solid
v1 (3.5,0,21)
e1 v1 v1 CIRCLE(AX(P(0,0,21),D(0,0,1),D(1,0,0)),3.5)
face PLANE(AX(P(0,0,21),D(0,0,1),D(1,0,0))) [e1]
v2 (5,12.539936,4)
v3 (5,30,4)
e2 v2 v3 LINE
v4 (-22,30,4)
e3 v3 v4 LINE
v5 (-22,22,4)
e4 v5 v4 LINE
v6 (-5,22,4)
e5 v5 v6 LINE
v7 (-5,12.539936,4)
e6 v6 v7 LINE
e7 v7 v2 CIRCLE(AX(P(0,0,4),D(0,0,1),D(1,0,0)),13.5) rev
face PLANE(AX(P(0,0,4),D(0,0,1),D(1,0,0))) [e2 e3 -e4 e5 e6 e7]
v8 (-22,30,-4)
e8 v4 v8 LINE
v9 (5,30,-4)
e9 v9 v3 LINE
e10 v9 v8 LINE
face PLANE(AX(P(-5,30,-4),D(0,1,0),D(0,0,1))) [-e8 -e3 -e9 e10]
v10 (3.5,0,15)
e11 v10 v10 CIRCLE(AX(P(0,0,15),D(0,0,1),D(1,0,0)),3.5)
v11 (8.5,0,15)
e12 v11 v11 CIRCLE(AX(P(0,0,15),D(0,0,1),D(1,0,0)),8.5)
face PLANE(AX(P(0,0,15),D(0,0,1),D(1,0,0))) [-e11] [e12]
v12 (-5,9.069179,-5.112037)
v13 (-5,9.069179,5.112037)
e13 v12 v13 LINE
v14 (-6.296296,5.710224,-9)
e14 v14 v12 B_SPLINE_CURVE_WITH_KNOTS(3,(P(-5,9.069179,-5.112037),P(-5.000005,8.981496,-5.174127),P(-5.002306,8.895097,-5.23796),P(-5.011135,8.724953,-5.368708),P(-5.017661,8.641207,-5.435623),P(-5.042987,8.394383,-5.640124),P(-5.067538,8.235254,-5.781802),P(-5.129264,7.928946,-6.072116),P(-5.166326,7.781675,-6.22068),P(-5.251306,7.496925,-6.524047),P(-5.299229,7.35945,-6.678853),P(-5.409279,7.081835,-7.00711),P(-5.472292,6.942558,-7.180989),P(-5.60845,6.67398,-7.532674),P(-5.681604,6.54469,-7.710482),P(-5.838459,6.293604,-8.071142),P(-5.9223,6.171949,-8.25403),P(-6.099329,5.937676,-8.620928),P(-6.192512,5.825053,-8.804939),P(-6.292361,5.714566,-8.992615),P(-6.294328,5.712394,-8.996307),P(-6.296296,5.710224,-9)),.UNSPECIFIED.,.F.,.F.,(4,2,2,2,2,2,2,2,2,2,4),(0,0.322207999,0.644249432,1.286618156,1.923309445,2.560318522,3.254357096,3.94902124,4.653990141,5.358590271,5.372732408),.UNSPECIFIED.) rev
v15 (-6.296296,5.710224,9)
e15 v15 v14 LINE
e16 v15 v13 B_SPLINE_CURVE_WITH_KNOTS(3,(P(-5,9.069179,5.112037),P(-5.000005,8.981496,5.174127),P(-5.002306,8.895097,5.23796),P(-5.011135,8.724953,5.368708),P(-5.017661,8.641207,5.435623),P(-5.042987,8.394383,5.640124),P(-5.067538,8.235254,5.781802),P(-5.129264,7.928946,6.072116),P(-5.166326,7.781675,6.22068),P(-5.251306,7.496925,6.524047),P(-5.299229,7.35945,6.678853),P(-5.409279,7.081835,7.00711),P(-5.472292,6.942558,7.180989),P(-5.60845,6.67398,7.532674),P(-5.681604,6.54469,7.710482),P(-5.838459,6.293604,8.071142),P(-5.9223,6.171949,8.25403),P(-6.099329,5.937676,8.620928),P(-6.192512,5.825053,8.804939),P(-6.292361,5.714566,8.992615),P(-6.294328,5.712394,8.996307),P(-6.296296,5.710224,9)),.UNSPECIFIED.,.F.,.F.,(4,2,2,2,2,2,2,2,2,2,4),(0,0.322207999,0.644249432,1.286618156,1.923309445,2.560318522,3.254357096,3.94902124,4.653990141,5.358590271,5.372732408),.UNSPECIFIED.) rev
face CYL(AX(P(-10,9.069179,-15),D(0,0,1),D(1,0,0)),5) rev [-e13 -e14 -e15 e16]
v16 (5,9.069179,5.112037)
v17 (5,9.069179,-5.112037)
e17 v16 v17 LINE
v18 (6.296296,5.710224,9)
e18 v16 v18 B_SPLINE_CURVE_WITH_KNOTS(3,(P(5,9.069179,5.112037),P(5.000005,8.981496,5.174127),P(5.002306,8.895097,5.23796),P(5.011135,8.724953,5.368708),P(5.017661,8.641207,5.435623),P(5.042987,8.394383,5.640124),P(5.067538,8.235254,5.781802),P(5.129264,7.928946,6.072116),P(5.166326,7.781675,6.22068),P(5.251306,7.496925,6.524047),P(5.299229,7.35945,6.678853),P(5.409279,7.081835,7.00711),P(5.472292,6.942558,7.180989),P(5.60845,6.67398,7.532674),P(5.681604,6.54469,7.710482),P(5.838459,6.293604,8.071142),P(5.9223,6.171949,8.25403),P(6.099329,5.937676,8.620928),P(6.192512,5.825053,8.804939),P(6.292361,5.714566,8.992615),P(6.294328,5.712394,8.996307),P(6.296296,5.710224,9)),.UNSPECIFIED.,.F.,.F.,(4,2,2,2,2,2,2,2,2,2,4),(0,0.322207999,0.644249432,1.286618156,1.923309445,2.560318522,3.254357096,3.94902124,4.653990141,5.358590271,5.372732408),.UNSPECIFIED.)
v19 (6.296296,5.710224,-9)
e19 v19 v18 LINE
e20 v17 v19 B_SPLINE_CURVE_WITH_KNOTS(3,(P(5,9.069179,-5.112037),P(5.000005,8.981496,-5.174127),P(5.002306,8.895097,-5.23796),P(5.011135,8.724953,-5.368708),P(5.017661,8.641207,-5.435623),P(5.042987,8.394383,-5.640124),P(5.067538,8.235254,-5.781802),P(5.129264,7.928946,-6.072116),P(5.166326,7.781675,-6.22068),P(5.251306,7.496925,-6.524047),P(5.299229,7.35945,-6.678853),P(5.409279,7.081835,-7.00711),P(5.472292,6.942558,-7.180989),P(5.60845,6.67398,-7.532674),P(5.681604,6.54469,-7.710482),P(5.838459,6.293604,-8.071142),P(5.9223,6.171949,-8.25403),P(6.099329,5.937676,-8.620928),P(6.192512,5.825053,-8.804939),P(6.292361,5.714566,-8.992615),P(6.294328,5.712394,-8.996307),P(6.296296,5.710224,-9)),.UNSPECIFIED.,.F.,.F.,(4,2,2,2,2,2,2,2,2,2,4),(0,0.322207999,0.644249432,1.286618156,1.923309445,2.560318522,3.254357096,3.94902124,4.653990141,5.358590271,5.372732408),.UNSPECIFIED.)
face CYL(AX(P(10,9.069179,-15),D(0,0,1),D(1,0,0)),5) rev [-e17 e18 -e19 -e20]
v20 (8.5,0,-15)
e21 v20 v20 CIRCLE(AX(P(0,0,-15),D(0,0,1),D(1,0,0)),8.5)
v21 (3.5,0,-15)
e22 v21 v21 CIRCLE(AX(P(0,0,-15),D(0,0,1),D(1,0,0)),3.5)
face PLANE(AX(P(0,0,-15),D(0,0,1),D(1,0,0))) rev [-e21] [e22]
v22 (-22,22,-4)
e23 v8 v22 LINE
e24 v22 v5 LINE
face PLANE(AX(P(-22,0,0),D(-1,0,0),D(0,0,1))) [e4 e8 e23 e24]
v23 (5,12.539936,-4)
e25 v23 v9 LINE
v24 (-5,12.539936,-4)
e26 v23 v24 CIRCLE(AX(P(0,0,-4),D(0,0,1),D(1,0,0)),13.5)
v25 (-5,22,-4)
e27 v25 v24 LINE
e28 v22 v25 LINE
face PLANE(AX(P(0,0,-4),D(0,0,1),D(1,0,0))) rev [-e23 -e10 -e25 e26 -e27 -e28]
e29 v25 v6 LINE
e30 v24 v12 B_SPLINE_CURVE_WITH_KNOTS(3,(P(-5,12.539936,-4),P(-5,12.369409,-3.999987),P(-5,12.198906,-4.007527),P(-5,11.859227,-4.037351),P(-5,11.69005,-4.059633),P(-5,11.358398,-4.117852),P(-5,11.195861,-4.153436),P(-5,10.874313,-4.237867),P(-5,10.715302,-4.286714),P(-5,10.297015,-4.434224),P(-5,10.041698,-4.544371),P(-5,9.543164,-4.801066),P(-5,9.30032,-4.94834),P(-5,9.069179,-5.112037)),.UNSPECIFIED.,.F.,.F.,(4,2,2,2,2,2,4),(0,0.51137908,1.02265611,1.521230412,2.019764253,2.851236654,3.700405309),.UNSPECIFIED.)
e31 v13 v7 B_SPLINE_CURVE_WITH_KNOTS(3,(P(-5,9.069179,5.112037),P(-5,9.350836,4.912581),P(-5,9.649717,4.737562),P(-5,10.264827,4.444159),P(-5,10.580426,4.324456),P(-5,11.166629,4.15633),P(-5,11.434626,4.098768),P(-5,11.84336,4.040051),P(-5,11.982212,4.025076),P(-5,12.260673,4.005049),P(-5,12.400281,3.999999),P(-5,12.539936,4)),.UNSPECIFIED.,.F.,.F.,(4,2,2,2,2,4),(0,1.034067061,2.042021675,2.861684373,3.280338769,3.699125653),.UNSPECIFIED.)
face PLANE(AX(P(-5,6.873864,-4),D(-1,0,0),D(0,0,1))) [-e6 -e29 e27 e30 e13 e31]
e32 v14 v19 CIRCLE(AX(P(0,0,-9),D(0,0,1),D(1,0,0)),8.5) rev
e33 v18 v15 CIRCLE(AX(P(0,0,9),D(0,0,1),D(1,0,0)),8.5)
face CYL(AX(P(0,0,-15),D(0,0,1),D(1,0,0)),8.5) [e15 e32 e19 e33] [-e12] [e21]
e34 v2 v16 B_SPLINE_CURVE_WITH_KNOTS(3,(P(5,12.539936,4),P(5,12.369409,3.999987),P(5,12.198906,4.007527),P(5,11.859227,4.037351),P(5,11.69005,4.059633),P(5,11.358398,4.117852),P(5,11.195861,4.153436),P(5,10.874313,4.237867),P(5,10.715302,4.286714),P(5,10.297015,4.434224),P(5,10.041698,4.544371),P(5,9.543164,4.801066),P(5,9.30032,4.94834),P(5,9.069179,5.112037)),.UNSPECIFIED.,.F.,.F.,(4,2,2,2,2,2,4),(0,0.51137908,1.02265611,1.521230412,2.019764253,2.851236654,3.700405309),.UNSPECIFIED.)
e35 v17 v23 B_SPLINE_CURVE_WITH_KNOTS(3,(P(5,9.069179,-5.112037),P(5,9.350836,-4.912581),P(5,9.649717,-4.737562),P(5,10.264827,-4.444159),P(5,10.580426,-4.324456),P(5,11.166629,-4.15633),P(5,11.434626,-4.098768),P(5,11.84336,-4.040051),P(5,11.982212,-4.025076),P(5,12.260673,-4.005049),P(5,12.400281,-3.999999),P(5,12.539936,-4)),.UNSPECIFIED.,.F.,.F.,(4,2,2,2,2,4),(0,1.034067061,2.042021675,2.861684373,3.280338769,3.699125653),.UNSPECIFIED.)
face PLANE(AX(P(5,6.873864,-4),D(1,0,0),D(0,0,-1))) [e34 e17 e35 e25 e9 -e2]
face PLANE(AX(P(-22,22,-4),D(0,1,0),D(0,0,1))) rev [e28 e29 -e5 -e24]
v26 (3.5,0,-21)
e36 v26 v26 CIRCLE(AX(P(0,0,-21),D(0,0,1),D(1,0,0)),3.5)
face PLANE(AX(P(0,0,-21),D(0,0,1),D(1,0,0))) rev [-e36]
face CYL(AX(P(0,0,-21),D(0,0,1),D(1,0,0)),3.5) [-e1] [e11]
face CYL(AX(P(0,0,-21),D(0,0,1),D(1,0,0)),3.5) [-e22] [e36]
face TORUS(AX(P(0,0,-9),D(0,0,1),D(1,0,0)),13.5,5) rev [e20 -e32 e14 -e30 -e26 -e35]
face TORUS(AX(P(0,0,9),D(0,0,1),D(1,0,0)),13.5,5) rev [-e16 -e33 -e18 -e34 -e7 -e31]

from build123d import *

# Parameters (mm, degrees)
BOSS_EXTRUDE1_DEPTH      = 15
BOSS_EXTRUDE1_DEPTH_BACK = 15
SKETCH1_R                = 8.5
BOSS_EXTRUDE2_DEPTH      = 4
BOSS_EXTRUDE2_DEPTH_BACK = 4
FILLET1_R                = 5
SKETCH3_W                = 8
SKETCH3_H                = 8
BOSS_EXTRUDE3_DEPTH      = 17
BOSS_EXTRUDE4_DEPTH      = 6
BOSS_EXTRUDE4_DEPTH_BACK = 36
SKETCH4_R                = 3.5


with BuildPart() as part:
    # Sketch1 → Boss-Extrude1 (new, two sides: drawn at the far end of the back side and taken through both)
    with BuildSketch(Plane.XY.offset(-BOSS_EXTRUDE1_DEPTH_BACK)):
        Circle(SKETCH1_R)
    extrude(amount=BOSS_EXTRUDE1_DEPTH + BOSS_EXTRUDE1_DEPTH_BACK)

    # Sketch2 → Boss-Extrude2 (add, two sides: drawn at the far end of the back side and taken through both)
    with BuildSketch(Plane.XY.offset(-BOSS_EXTRUDE2_DEPTH_BACK)):
        with BuildLine():
            Line((-5, 6.873863542), (-5, 30))
            Line((-5, 30), (5, 30))
            Line((5, 30), (5, 6.873863542))
            ThreePointArc((5, 6.873863542), (0, 8.5), (-5, 6.873863542))
        make_face()
    extrude(amount=BOSS_EXTRUDE2_DEPTH + BOSS_EXTRUDE2_DEPTH_BACK)

    # Fillet1
    fillet1_edges = [part.edges().sort_by_distance(p)[0] for p in [
        (5, 6.873863542, 0),
        (0, 8.5, -4),
        (-5, 6.873863542, 0),
        (0, 8.5, 4),
    ]]
    fillet(fillet1_edges, radius=FILLET1_R)

    # Sketch3 → Boss-Extrude3 (add)
    with BuildSketch(Plane.ZY.offset(5)):
        with Locations((0, 26)):
            Rectangle(SKETCH3_W, SKETCH3_H)
    extrude(amount=BOSS_EXTRUDE3_DEPTH)

    # Sketch4 → Boss-Extrude4 (add, two sides: drawn at the far end of the back side and taken through both)
    with BuildSketch(Plane.XY.offset(15).offset(-BOSS_EXTRUDE4_DEPTH_BACK)):
        Circle(SKETCH4_R)
    extrude(amount=BOSS_EXTRUDE4_DEPTH + BOSS_EXTRUDE4_DEPTH_BACK)


solid = part.part
